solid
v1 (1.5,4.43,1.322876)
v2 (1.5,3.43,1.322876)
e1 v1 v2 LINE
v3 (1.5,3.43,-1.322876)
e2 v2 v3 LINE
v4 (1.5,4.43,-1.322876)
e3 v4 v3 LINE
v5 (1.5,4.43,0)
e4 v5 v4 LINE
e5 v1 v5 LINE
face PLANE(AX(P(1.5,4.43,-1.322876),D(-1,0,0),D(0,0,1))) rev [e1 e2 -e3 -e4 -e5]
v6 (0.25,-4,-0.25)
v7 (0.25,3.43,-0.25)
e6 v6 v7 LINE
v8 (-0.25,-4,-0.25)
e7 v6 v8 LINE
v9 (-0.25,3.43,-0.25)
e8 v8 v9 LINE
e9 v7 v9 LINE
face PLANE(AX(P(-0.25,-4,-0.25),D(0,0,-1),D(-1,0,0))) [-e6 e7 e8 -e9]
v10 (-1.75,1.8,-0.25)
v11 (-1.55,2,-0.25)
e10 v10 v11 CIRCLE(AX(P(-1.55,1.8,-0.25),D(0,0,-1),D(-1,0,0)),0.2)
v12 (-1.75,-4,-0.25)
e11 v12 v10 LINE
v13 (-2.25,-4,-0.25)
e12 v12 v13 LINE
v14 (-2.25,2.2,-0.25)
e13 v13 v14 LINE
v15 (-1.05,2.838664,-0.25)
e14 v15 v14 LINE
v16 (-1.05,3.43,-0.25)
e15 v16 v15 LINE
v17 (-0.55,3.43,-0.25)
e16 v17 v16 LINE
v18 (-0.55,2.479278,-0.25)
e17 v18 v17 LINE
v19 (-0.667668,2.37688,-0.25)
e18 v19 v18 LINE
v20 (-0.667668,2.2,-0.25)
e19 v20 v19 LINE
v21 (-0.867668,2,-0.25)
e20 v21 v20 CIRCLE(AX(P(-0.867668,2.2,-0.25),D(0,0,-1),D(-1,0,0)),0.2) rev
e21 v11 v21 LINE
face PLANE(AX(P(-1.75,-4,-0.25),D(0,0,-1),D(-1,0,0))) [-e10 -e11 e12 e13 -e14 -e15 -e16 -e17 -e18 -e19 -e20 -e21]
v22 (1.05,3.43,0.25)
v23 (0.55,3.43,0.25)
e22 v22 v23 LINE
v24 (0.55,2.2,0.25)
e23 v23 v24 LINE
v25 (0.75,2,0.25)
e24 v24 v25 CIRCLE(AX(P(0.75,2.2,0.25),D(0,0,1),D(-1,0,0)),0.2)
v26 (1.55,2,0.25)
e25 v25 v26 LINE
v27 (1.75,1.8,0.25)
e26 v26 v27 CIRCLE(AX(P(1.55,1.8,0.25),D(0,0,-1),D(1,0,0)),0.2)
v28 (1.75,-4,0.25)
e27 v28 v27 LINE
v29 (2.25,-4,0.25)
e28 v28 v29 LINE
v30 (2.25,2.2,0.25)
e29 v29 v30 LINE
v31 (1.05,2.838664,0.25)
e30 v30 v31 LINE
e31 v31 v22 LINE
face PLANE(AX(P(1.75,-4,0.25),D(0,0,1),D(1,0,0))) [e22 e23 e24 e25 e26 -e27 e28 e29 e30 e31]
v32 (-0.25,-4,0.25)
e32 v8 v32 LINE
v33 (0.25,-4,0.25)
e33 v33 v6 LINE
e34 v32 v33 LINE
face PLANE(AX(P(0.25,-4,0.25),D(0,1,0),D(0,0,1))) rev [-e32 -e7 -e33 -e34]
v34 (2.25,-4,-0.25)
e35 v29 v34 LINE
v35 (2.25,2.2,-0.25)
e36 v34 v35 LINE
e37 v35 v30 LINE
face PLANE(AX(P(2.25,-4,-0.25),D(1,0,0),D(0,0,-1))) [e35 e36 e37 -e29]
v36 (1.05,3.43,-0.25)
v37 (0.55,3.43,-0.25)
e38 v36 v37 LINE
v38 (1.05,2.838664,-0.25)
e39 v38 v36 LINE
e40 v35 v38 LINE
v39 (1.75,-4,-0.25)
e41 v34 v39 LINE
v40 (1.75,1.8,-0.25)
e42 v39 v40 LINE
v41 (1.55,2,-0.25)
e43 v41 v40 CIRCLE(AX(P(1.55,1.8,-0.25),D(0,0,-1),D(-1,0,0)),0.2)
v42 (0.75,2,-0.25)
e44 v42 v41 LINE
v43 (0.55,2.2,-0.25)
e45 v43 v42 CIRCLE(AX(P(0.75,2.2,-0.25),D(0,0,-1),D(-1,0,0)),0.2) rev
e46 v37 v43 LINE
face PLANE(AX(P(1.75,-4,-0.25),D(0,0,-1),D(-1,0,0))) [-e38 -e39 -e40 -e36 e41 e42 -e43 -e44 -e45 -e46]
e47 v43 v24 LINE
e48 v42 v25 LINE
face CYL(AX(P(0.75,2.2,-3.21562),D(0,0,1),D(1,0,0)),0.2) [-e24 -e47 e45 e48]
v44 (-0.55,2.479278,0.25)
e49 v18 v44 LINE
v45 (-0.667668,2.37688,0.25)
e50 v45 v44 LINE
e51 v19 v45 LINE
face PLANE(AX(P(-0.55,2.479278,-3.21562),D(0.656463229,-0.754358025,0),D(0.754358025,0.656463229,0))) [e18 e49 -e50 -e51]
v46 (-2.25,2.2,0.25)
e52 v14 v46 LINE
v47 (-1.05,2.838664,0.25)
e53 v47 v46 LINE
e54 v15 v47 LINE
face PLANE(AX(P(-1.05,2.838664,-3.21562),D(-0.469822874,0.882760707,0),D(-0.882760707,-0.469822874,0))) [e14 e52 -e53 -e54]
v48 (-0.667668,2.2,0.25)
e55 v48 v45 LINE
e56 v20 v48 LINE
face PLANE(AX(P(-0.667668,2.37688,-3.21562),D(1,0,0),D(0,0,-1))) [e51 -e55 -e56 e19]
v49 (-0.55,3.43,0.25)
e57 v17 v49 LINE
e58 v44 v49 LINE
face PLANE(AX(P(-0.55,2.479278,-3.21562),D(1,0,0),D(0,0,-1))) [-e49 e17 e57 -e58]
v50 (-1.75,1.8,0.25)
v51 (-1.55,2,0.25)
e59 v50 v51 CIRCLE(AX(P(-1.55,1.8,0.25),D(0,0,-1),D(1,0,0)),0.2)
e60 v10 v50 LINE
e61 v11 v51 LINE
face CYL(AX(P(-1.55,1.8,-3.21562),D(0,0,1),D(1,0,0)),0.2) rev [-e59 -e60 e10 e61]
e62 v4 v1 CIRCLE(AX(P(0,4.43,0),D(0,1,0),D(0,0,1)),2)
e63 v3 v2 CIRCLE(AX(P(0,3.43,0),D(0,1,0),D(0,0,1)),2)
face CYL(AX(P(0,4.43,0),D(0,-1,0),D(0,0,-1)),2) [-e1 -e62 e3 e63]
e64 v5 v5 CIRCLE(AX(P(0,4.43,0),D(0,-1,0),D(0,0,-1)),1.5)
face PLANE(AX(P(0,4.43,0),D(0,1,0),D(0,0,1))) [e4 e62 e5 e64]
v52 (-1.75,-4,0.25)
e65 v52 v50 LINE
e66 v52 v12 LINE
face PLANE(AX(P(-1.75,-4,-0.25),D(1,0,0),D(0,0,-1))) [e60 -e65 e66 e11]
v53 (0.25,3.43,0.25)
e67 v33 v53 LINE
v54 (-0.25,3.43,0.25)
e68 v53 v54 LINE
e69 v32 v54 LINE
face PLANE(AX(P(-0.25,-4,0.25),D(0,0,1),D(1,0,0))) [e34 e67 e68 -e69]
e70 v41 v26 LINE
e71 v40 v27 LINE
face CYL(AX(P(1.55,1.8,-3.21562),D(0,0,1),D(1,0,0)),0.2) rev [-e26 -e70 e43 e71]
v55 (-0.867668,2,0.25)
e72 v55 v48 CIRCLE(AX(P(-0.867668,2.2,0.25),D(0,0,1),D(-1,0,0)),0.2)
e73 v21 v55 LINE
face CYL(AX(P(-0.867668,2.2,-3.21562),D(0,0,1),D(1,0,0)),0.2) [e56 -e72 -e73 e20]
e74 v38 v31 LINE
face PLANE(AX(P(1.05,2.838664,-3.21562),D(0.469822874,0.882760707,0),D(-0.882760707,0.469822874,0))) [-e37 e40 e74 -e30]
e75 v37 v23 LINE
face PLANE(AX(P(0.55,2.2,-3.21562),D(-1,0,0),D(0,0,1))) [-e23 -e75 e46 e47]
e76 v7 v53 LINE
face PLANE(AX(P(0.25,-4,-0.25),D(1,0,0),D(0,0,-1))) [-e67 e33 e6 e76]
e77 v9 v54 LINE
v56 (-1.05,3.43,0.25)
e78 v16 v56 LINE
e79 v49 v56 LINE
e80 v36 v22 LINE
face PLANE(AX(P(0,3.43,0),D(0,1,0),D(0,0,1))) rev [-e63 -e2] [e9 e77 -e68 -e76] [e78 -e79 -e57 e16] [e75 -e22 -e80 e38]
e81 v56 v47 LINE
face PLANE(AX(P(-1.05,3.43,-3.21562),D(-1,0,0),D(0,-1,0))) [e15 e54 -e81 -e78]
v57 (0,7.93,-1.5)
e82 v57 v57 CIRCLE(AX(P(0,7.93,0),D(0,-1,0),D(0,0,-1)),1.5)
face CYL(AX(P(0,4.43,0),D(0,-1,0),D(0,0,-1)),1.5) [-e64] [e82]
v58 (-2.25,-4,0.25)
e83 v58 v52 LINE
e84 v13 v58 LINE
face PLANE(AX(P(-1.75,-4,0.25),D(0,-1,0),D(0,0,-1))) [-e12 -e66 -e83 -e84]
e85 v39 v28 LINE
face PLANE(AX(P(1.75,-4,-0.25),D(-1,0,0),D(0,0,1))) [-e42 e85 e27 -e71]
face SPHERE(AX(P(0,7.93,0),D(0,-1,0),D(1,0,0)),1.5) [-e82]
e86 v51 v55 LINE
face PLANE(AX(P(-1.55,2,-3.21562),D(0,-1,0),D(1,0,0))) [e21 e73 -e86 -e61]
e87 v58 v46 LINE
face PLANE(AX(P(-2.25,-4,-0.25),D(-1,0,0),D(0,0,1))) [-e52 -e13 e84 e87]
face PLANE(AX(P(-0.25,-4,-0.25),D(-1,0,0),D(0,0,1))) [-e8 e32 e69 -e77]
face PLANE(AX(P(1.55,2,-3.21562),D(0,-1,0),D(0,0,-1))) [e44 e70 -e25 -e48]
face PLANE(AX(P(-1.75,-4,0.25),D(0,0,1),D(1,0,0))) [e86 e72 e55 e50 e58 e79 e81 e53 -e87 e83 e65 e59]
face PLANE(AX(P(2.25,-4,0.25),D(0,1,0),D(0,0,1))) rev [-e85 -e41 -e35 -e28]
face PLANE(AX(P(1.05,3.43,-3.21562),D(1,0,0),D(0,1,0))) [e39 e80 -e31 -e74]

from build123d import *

# Parameters (mm, degrees)
ESBO_O1_W                       = 0.5
ESBO_O1_H                       = 0.5
RESSALTO_EXTRUS_O1_DEPTH        = 1
RESSALTO_EXTRUS_O1_DEPTH_BACK   = 4
RESSALTO_EXTRUS_O1_2_DEPTH      = 1
RESSALTO_EXTRUS_O1_2_DEPTH_BACK = 4
RESSALTO_EXTRUS_O1_3_DEPTH      = 1
RESSALTO_EXTRUS_O1_3_DEPTH_BACK = 4
ESBO_O2_W                       = 0.5
ESBO_O2_H                       = 2.43
RESSALTO_EXTRUS_O2_DEPTH        = 0.5
RESSALTO_EXTRUS_O3_DEPTH        = 1


with BuildPart() as part:
    # Esboço1 → Ressalto-extrusão1 (new body, two sides)
    with BuildSketch(Plane(origin=(0, 0, 0), x_dir=(1, 0, 0), z_dir=(0, 1, 0))) as ressalto_extrus_o1_sk:
        Rectangle(ESBO_O1_W, ESBO_O1_H)
    extrude(amount=RESSALTO_EXTRUS_O1_DEPTH)
    extrude(ressalto_extrus_o1_sk.sketch, amount=-RESSALTO_EXTRUS_O1_DEPTH_BACK)



with BuildPart() as body_2:
    # Esboço1 → Ressalto-extrus_o1 2 (new body, two sides)
    with BuildSketch(Plane(origin=(0, 0, 0), x_dir=(1, 0, 0), z_dir=(0, 1, 0))) as ressalto_extrus_o1_2_sk:
        with Locations((2, 0)):
            Rectangle(ESBO_O1_W, ESBO_O1_H)
    extrude(amount=RESSALTO_EXTRUS_O1_2_DEPTH)
    extrude(ressalto_extrus_o1_2_sk.sketch, amount=-RESSALTO_EXTRUS_O1_2_DEPTH_BACK)


with BuildPart() as body_3:
    # Esboço1 → Ressalto-extrus_o1 3 (new body, two sides)
    with BuildSketch(Plane(origin=(0, 0, 0), x_dir=(1, 0, 0), z_dir=(0, 1, 0))) as ressalto_extrus_o1_3_sk:
        with Locations((-2, 0)):
            Rectangle(ESBO_O1_W, ESBO_O1_H)
    extrude(amount=RESSALTO_EXTRUS_O1_3_DEPTH)
    extrude(ressalto_extrus_o1_3_sk.sketch, amount=-RESSALTO_EXTRUS_O1_3_DEPTH_BACK)


with BuildPart() as part_1:
    add(part.part)

    add(body_2.part)  # Ressalto-extrusão2 merges body 2

    add(body_3.part)  # Ressalto-extrusão2 merges body 3
    # Esboço2 → Ressalto-extrusão2 (add)
    with BuildSketch(Plane.XY.offset(0.25)):
        with BuildLine():
            Line((-2.25, 2.2), (-2.25, 1))
            Line((-2.25, 1), (-1.75, 1))
            Line((-1.75, 1), (-1.75, 1.8))
            ThreePointArc((-1.75, 1.8), (-1.691421356, 1.941421356), (-1.55, 2))
            Line((-1.55, 2), (-0.867667764, 2))
            ThreePointArc((-0.867667764, 2), (-0.726246408, 2.058578644), (-0.667667764, 2.2))
            Line((-0.667667764, 2.2), (-0.667667764, 2.376879859))
            Line((-0.667667764, 2.376879859), (-0.55, 2.479277604))
            Line((-0.55, 2.479277604), (-0.55, 3.43))
            Line((-0.55, 3.43), (-1.05, 3.43))
            Line((-1.05, 3.43), (-1.05, 2.83866396))
            Line((-1.05, 2.83866396), (-2.25, 2.2))
        make_face()
        with Locations((0, 2.215)):
            Rectangle(ESBO_O2_W, ESBO_O2_H)
        with BuildLine():
            Line((1.75, 1), (1.75, 1.8))
            ThreePointArc((1.75, 1.8), (1.691421356, 1.941421356), (1.55, 2))
            Line((1.55, 2), (0.75, 2))
            ThreePointArc((0.75, 2), (0.608578644, 2.058578644), (0.55, 2.2))
            Line((0.55, 2.2), (0.55, 3.43))
            Line((0.55, 3.43), (1.05, 3.43))
            Line((1.05, 3.43), (1.05, 2.83866396))
            Line((1.05, 2.83866396), (2.25, 2.2))
            Line((2.25, 2.2), (2.25, 1))
            Line((2.25, 1), (1.75, 1))
        make_face()
    extrude(amount=-RESSALTO_EXTRUS_O2_DEPTH)

    # Esboço3 → Ressalto-extrusão3 (add)
    with BuildSketch(Plane(origin=(0, 3.43, 0), x_dir=(1, 0, 0), z_dir=(0, 1, 0))):
        with BuildLine():
            Line((1.5, 1.322875656), (1.5, -1.322875656))
            ThreePointArc((1.5, -1.322875656), (-2, 0), (1.5, 1.322875656))
        make_face()
    extrude(amount=RESSALTO_EXTRUS_O3_DEPTH)

    # Esboço4 → Revolução1 (revolve)
    with BuildSketch(Plane.XY):
        with BuildLine():
            Line((0, 4.43), (1.5, 4.43))
            Line((1.5, 4.43), (1.5, 7.93))
            ThreePointArc((1.5, 7.93), (1.060660172, 8.990660172), (0, 9.43))
            Line((0, 9.43), (0, 4.43))
        make_face()
    revolve(axis=Axis((0, 4.43, 0), (0, 1, 0)))


solid = part_1.part
